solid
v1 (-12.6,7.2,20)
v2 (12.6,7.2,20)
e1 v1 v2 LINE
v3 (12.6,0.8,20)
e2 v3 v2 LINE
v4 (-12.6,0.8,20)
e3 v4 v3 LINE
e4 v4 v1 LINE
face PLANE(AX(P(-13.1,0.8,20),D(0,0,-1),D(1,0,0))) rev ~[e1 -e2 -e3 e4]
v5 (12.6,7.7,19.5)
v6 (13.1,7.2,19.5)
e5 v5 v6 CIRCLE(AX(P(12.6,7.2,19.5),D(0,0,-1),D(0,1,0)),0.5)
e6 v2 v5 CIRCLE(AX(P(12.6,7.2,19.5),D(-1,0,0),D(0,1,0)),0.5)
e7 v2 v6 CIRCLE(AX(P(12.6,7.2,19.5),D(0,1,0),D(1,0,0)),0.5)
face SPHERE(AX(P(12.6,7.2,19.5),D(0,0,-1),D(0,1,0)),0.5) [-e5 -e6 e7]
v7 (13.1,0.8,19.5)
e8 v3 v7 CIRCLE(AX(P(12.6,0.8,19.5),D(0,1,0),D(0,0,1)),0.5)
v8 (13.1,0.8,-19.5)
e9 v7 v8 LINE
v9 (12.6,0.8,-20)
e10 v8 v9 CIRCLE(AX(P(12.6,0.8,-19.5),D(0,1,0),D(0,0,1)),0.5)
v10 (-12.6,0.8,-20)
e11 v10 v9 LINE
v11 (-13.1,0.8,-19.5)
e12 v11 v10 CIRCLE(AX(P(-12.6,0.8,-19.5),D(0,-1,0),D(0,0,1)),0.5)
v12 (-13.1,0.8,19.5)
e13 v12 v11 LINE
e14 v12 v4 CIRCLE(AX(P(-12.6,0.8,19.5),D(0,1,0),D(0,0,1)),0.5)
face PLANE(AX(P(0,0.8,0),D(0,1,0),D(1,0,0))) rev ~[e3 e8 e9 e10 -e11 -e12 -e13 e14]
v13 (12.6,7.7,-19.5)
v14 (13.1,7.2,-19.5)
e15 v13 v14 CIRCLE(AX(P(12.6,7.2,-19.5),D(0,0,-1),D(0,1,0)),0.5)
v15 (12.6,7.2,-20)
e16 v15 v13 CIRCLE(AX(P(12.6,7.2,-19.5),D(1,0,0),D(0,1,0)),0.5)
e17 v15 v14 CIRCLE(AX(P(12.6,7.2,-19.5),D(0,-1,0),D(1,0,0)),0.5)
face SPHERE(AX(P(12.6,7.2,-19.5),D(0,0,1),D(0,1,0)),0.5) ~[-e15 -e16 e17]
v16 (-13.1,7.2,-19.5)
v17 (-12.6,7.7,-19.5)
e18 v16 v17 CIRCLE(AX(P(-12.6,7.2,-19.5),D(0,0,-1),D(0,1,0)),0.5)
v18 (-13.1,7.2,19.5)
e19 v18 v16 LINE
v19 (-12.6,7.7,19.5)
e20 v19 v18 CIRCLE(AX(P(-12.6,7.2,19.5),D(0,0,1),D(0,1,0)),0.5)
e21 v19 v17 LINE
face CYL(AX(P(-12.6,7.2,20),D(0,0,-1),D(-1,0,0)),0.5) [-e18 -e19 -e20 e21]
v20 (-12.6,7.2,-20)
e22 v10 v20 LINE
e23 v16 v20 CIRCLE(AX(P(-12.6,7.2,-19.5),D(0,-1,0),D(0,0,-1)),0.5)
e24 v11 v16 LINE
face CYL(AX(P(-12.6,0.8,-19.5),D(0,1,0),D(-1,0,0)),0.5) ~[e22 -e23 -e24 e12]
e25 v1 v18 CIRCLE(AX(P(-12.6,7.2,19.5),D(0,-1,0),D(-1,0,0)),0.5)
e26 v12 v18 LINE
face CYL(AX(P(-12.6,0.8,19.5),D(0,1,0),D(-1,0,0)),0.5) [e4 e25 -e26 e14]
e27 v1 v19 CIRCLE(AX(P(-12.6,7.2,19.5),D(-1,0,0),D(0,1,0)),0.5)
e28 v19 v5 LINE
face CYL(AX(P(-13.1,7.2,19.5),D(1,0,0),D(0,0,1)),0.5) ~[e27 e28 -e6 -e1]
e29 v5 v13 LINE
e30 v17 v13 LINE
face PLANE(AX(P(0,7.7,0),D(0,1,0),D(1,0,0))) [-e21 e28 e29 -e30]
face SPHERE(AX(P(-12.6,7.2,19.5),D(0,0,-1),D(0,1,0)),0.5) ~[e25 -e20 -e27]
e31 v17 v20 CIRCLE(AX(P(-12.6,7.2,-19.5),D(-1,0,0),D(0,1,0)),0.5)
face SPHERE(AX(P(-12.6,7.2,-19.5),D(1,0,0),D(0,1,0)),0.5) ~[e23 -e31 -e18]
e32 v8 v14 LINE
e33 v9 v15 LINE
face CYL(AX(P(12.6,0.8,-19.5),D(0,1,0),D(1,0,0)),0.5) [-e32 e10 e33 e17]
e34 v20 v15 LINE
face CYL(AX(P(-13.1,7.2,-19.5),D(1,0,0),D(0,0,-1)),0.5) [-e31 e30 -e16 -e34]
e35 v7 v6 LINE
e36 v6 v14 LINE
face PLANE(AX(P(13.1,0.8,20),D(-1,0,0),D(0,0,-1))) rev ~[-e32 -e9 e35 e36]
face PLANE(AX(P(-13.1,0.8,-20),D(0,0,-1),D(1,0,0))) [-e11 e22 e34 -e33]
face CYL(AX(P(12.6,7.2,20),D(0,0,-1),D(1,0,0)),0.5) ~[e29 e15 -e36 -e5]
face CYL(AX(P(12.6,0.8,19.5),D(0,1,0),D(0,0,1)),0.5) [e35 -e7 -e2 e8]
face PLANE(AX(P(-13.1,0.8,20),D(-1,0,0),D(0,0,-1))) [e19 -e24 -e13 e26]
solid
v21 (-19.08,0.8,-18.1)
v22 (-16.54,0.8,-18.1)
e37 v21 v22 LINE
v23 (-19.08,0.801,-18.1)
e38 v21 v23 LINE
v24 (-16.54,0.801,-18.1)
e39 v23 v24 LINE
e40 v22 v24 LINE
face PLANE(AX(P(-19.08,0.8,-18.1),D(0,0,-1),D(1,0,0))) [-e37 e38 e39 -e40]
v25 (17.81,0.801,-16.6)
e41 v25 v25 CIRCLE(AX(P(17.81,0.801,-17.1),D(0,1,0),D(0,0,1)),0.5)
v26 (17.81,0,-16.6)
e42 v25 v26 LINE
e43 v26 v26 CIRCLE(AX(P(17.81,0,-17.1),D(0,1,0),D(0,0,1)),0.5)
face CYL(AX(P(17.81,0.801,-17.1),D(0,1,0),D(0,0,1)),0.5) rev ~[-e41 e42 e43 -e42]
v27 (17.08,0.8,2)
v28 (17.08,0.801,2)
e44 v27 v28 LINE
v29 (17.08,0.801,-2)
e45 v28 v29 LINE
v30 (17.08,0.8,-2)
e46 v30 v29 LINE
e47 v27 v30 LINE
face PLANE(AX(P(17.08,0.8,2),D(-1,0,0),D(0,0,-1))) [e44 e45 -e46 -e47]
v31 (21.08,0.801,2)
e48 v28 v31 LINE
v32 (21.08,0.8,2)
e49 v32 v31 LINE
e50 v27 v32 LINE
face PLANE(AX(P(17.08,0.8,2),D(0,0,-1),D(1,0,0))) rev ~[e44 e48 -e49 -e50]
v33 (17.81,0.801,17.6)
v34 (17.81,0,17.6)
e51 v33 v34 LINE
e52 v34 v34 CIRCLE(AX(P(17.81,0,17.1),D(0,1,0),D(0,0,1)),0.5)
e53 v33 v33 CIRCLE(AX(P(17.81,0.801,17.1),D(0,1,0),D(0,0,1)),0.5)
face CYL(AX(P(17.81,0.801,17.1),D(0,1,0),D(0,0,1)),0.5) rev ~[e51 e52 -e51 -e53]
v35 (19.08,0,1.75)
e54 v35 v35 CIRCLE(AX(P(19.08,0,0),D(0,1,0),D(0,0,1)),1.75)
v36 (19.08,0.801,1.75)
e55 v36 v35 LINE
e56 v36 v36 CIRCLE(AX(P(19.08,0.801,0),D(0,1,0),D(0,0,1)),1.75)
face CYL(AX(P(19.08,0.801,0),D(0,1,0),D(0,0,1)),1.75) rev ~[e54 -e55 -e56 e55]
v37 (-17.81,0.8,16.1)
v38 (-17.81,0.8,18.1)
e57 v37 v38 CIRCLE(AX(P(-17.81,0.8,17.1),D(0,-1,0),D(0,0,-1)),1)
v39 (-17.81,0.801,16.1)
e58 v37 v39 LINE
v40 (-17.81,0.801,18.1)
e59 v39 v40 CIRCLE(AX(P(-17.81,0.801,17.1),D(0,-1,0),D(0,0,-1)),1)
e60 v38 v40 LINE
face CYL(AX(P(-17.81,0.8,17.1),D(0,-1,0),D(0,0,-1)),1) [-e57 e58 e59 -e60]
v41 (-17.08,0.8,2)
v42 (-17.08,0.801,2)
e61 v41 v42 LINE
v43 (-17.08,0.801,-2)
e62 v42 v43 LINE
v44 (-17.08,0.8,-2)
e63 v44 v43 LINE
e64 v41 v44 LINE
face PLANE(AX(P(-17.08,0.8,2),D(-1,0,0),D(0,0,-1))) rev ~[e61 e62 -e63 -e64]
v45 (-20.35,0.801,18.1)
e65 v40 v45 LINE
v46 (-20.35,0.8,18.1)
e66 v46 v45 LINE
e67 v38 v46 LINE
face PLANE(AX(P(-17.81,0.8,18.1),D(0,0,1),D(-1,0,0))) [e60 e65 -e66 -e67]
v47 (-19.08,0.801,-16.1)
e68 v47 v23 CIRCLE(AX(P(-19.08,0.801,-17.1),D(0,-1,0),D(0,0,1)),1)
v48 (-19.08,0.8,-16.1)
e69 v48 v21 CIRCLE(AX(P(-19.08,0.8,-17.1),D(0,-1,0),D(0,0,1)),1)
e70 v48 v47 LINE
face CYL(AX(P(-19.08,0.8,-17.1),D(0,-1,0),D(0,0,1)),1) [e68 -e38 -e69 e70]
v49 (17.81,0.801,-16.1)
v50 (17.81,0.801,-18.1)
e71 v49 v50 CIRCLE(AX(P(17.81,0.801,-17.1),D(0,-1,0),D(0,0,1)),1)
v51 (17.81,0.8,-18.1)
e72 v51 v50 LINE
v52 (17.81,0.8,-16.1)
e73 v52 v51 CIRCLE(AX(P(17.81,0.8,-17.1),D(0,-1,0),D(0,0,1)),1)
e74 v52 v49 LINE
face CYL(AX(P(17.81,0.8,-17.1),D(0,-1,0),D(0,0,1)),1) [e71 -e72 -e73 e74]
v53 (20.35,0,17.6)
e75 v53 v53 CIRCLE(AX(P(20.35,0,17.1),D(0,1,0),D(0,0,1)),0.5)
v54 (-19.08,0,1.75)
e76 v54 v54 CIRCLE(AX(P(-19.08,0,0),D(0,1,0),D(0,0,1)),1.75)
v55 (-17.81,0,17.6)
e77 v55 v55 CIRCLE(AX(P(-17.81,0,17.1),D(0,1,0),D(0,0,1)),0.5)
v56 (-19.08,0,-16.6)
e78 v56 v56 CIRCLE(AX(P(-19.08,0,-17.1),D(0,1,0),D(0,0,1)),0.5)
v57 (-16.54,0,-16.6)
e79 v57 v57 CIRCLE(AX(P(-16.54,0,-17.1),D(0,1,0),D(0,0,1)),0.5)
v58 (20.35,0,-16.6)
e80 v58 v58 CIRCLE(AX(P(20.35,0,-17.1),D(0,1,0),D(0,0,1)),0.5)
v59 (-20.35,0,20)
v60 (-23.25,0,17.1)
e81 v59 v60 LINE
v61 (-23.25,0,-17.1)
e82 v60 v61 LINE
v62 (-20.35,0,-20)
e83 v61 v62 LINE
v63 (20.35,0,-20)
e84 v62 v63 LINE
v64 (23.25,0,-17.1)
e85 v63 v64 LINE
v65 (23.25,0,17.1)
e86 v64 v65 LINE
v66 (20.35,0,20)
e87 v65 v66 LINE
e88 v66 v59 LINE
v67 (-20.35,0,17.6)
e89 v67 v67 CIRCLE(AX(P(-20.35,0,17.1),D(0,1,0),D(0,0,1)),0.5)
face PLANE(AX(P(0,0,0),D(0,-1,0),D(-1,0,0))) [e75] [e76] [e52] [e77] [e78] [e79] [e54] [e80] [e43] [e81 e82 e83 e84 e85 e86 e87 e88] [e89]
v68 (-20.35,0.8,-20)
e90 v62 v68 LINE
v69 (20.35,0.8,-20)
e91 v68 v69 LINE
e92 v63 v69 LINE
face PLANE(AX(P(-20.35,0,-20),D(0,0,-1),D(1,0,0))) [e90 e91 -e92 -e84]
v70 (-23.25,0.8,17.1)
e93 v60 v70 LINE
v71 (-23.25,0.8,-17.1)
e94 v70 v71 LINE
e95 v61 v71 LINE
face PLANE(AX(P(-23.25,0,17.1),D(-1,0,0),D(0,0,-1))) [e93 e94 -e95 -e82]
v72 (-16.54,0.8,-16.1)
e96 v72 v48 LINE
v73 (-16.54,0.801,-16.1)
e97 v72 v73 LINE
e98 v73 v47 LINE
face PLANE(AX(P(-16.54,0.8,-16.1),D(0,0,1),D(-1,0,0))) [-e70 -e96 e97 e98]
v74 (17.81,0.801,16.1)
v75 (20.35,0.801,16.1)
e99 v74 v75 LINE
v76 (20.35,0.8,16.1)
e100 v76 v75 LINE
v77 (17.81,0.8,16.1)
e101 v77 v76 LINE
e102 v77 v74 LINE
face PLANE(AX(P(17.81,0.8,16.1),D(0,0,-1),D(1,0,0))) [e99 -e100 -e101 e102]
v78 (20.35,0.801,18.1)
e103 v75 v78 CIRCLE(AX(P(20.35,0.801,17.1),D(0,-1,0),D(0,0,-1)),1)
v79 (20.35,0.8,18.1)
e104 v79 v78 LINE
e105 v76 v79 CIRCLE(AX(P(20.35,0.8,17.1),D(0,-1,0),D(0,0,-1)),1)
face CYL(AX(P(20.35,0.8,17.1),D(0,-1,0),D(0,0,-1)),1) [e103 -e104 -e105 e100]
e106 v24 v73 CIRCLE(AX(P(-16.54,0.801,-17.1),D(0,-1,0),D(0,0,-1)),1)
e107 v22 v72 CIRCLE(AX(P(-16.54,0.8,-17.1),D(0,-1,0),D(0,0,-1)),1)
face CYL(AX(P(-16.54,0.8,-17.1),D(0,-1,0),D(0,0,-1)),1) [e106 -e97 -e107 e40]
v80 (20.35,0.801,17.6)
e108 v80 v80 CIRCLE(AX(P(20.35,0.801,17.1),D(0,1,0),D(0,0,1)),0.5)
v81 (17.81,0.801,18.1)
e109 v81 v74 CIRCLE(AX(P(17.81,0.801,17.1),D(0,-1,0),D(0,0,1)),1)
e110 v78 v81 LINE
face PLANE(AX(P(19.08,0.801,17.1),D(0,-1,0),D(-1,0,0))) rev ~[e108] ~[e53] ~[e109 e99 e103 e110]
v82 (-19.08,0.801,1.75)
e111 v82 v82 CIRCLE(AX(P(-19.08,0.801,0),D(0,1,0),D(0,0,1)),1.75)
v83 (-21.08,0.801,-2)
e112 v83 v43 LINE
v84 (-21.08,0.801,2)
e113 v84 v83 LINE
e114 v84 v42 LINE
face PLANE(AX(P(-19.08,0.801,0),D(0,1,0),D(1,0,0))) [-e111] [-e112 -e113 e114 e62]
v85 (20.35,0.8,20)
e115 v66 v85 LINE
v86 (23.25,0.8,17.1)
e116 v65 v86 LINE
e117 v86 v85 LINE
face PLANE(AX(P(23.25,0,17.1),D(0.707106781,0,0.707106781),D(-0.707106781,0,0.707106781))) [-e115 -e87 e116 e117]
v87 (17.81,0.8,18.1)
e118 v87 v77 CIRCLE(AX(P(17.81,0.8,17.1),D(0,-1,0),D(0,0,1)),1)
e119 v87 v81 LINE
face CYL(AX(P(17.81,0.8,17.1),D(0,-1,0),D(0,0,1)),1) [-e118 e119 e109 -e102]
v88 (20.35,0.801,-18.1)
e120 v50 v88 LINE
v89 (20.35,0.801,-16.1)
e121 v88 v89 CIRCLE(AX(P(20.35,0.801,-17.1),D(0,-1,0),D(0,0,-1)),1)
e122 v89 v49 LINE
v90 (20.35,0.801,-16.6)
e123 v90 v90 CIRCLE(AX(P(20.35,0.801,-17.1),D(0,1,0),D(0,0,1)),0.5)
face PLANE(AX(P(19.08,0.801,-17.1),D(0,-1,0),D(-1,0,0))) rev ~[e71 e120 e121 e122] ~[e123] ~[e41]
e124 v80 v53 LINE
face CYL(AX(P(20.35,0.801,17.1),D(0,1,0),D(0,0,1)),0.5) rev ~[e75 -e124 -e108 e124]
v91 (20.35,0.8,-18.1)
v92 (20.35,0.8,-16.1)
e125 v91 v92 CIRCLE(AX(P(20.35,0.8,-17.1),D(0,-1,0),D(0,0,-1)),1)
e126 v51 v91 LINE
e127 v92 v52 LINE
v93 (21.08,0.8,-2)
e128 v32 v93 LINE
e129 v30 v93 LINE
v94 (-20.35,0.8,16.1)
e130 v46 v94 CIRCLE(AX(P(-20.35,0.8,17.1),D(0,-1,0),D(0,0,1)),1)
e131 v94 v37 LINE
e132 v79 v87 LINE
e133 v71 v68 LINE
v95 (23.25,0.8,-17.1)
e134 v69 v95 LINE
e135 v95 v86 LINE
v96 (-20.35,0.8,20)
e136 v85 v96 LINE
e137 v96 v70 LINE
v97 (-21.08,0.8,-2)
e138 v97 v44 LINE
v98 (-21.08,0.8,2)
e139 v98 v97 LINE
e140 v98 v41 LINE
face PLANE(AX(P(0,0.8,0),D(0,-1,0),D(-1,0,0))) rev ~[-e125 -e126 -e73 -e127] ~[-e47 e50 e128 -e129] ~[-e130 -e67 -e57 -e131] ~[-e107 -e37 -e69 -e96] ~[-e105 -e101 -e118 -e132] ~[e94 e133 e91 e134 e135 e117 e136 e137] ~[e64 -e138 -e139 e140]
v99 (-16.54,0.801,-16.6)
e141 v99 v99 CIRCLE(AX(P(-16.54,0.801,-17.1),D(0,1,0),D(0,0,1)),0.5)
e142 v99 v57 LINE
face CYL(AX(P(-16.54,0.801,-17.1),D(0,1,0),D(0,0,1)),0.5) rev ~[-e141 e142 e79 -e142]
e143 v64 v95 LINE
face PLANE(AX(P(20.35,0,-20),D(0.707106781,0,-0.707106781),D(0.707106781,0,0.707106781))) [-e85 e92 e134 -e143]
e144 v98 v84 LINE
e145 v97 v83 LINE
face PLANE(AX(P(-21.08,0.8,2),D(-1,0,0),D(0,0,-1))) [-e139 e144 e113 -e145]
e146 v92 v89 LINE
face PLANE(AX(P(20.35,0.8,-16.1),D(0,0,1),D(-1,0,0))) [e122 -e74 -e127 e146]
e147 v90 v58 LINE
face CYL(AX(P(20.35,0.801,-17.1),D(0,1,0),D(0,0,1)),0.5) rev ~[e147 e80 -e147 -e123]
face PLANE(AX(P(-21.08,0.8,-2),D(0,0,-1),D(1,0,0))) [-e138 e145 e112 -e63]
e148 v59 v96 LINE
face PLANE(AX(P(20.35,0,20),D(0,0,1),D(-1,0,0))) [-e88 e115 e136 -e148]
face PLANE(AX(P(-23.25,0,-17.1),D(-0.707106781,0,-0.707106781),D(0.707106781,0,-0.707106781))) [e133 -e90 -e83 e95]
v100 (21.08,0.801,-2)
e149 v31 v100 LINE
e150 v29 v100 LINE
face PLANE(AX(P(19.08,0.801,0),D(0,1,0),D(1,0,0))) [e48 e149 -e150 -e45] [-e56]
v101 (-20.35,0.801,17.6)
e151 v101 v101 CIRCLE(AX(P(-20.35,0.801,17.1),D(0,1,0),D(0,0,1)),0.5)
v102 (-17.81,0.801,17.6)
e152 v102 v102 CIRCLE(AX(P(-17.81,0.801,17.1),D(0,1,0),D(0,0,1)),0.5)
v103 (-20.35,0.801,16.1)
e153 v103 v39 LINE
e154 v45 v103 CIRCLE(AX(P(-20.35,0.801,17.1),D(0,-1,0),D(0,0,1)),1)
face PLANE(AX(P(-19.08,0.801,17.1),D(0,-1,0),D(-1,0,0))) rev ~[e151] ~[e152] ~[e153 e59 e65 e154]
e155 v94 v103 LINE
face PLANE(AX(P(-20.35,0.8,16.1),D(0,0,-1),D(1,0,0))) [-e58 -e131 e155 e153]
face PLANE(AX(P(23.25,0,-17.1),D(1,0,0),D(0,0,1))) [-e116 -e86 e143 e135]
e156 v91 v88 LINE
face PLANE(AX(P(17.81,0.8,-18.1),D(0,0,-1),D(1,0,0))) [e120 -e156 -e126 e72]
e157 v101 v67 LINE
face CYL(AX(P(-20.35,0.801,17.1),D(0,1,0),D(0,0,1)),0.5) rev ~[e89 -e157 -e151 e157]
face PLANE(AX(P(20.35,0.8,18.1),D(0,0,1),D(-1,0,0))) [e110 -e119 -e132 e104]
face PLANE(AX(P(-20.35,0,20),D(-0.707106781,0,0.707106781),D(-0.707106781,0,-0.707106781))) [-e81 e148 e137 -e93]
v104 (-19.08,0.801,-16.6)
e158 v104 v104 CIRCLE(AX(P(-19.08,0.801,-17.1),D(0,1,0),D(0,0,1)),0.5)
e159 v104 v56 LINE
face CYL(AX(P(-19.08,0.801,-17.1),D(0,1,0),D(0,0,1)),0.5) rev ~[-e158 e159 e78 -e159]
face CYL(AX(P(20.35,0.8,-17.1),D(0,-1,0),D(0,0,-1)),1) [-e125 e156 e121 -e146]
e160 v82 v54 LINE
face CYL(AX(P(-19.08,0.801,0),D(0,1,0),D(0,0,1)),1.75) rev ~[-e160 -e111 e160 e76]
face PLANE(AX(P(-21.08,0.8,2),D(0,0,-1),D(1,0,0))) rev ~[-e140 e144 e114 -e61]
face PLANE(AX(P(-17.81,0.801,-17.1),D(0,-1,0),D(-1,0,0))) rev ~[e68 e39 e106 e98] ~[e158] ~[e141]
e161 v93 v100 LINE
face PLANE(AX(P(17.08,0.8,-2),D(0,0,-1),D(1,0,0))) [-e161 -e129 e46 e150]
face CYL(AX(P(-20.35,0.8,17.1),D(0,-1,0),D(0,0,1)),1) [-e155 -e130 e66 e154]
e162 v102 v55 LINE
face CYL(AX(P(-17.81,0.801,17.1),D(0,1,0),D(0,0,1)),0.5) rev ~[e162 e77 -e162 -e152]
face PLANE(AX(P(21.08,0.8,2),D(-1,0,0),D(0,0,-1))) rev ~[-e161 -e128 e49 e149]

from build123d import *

# Parameters (mm, degrees)
BOSS_EXTRUDE1_DEPTH = 0.8
SKETCH2_W           = 26.2
SKETCH2_H           = 40
BOSS_EXTRUDE2_DEPTH = 6.9
FILLET1_R           = 0.5
BOSS_EXTRUDE3_DEPTH = 0.001
SKETCH4_R           = 0.5
CUT_EXTRUDE1_DEPTH  = 80.001
SKETCH5_W           = 4
SKETCH5_H           = 4
BOSS_EXTRUDE4_DEPTH = 0.001
SKETCH6_R           = 1.75
CUT_EXTRUDE2_DEPTH  = 70.001


with BuildPart() as part:
    # Sketch1 → Boss-Extrude1 (new body)
    with BuildSketch(Plane(origin=(0, 0, 0), x_dir=(1, 0, 0), z_dir=(0, 1, 0))):
        Polygon((-23.25, 17.1), (-20.35, 20), (20.35, 20), (23.25, 17.1), (23.25, -17.1), (20.35, -20), (-20.35, -20), (-23.25, -17.1), align=None)
    extrude(amount=BOSS_EXTRUDE1_DEPTH)

    # Sketch3 → Boss-Extrude3 (add)
    with BuildSketch(Plane(origin=(0, 0.8, 0), x_dir=(1, 0, 0), z_dir=(0, 1, 0))):
        with BuildLine():
            Line((17.81, 18.1), (20.35, 18.1))
            ThreePointArc((20.35, 18.1), (21.35, 17.1), (20.35, 16.1))
            Line((20.35, 16.1), (17.81, 16.1))
            ThreePointArc((17.81, 16.1), (16.81, 17.1), (17.81, 18.1))
        make_face()
        with BuildLine():
            Line((17.81, -16.1), (20.35, -16.1))
            ThreePointArc((20.35, -16.1), (21.35, -17.1), (20.35, -18.1))
            Line((20.35, -18.1), (17.81, -18.1))
            ThreePointArc((17.81, -18.1), (16.81, -17.1), (17.81, -16.1))
        make_face()
        with BuildLine():
            Line((-19.08, 18.1), (-16.54, 18.1))
            ThreePointArc((-16.54, 18.1), (-15.54, 17.1), (-16.54, 16.1))
            Line((-16.54, 16.1), (-19.08, 16.1))
            ThreePointArc((-19.08, 16.1), (-20.08, 17.1), (-19.08, 18.1))
        make_face()
        with BuildLine():
            Line((-20.35, -16.1), (-17.81, -16.1))
            ThreePointArc((-17.81, -16.1), (-16.81, -17.1), (-17.81, -18.1))
            Line((-17.81, -18.1), (-20.35, -18.1))
            ThreePointArc((-20.35, -18.1), (-21.35, -17.1), (-20.35, -16.1))
        make_face()
    extrude(amount=BOSS_EXTRUDE3_DEPTH)

    # Sketch4 → Cut-Extrude1 (cut)
    with BuildSketch(Plane(origin=(0, 0.801, 0), x_dir=(1, 0, 0), z_dir=(0, 1, 0))):
        with Locations(Location((-16.54, 17.1, 0), (0, 0, 270))):
            Circle(SKETCH4_R)
        with Locations(Location((-19.08, 17.1, 0), (0, 0, 270))):
            Circle(SKETCH4_R)
        with Locations(Location((20.35, 17.1, 0), (0, 0, 270))):
            Circle(SKETCH4_R)
        with Locations(Location((17.81, 17.1, 0), (0, 0, 270))):
            Circle(SKETCH4_R)
        with Locations(Location((20.35, -17.1, 0), (0, 0, 270))):
            Circle(SKETCH4_R)
        with Locations(Location((17.81, -17.1, 0), (0, 0, 270))):
            Circle(SKETCH4_R)
        with Locations(Location((-17.81, -17.1, 0), (0, 0, 270))):
            Circle(SKETCH4_R)
        with Locations(Location((-20.35, -17.1, 0), (0, 0, 270))):
            Circle(SKETCH4_R)
    extrude(amount=-CUT_EXTRUDE1_DEPTH, mode=Mode.SUBTRACT)

    # Sketch5 → Boss-Extrude4 (add)
    with BuildSketch(Plane(origin=(0, 0.8, 0), x_dir=(1, 0, 0), z_dir=(0, 1, 0))):
        with Locations((-19.08, 0)):
            Rectangle(SKETCH5_W, SKETCH5_H)
        with Locations((19.08, 0)):
            Rectangle(SKETCH5_W, SKETCH5_H)
    extrude(amount=BOSS_EXTRUDE4_DEPTH)

    # Sketch6 → Cut-Extrude2 (cut)
    with BuildSketch(Plane(origin=(0, 0.801, 0), x_dir=(1, 0, 0), z_dir=(0, 1, 0))):
        with Locations(Location((-19.08, 0, 0), (0, 0, 270))):
            Circle(SKETCH6_R)
        with Locations(Location((19.08, 0, 0), (0, 0, 270))):
            Circle(SKETCH6_R)
    extrude(amount=-CUT_EXTRUDE2_DEPTH, mode=Mode.SUBTRACT)


with BuildPart() as body_2:
    # Sketch2 → Boss-Extrude2 (new body)
    with BuildSketch(Plane(origin=(0, 0.8, 0), x_dir=(1, 0, 0), z_dir=(0, 1, 0))):
        Rectangle(SKETCH2_W, SKETCH2_H)
    extrude(amount=BOSS_EXTRUDE2_DEPTH)

    # Fillet1
    fillet1_edges = [body_2.edges().sort_by_distance(p)[0] for p in [
        (13.1, 7.7, 0),
        (0, 7.7, -20),
        (-13.1, 7.7, 0),
        (0, 7.7, 20),
        (-13.1, 4.25, -20),
        (13.1, 4.25, -20),
        (13.1, 4.25, 20),
        (-13.1, 4.25, 20),
    ]]
    fillet(fillet1_edges, radius=FILLET1_R)


solid = Compound([part.part, body_2.part])
